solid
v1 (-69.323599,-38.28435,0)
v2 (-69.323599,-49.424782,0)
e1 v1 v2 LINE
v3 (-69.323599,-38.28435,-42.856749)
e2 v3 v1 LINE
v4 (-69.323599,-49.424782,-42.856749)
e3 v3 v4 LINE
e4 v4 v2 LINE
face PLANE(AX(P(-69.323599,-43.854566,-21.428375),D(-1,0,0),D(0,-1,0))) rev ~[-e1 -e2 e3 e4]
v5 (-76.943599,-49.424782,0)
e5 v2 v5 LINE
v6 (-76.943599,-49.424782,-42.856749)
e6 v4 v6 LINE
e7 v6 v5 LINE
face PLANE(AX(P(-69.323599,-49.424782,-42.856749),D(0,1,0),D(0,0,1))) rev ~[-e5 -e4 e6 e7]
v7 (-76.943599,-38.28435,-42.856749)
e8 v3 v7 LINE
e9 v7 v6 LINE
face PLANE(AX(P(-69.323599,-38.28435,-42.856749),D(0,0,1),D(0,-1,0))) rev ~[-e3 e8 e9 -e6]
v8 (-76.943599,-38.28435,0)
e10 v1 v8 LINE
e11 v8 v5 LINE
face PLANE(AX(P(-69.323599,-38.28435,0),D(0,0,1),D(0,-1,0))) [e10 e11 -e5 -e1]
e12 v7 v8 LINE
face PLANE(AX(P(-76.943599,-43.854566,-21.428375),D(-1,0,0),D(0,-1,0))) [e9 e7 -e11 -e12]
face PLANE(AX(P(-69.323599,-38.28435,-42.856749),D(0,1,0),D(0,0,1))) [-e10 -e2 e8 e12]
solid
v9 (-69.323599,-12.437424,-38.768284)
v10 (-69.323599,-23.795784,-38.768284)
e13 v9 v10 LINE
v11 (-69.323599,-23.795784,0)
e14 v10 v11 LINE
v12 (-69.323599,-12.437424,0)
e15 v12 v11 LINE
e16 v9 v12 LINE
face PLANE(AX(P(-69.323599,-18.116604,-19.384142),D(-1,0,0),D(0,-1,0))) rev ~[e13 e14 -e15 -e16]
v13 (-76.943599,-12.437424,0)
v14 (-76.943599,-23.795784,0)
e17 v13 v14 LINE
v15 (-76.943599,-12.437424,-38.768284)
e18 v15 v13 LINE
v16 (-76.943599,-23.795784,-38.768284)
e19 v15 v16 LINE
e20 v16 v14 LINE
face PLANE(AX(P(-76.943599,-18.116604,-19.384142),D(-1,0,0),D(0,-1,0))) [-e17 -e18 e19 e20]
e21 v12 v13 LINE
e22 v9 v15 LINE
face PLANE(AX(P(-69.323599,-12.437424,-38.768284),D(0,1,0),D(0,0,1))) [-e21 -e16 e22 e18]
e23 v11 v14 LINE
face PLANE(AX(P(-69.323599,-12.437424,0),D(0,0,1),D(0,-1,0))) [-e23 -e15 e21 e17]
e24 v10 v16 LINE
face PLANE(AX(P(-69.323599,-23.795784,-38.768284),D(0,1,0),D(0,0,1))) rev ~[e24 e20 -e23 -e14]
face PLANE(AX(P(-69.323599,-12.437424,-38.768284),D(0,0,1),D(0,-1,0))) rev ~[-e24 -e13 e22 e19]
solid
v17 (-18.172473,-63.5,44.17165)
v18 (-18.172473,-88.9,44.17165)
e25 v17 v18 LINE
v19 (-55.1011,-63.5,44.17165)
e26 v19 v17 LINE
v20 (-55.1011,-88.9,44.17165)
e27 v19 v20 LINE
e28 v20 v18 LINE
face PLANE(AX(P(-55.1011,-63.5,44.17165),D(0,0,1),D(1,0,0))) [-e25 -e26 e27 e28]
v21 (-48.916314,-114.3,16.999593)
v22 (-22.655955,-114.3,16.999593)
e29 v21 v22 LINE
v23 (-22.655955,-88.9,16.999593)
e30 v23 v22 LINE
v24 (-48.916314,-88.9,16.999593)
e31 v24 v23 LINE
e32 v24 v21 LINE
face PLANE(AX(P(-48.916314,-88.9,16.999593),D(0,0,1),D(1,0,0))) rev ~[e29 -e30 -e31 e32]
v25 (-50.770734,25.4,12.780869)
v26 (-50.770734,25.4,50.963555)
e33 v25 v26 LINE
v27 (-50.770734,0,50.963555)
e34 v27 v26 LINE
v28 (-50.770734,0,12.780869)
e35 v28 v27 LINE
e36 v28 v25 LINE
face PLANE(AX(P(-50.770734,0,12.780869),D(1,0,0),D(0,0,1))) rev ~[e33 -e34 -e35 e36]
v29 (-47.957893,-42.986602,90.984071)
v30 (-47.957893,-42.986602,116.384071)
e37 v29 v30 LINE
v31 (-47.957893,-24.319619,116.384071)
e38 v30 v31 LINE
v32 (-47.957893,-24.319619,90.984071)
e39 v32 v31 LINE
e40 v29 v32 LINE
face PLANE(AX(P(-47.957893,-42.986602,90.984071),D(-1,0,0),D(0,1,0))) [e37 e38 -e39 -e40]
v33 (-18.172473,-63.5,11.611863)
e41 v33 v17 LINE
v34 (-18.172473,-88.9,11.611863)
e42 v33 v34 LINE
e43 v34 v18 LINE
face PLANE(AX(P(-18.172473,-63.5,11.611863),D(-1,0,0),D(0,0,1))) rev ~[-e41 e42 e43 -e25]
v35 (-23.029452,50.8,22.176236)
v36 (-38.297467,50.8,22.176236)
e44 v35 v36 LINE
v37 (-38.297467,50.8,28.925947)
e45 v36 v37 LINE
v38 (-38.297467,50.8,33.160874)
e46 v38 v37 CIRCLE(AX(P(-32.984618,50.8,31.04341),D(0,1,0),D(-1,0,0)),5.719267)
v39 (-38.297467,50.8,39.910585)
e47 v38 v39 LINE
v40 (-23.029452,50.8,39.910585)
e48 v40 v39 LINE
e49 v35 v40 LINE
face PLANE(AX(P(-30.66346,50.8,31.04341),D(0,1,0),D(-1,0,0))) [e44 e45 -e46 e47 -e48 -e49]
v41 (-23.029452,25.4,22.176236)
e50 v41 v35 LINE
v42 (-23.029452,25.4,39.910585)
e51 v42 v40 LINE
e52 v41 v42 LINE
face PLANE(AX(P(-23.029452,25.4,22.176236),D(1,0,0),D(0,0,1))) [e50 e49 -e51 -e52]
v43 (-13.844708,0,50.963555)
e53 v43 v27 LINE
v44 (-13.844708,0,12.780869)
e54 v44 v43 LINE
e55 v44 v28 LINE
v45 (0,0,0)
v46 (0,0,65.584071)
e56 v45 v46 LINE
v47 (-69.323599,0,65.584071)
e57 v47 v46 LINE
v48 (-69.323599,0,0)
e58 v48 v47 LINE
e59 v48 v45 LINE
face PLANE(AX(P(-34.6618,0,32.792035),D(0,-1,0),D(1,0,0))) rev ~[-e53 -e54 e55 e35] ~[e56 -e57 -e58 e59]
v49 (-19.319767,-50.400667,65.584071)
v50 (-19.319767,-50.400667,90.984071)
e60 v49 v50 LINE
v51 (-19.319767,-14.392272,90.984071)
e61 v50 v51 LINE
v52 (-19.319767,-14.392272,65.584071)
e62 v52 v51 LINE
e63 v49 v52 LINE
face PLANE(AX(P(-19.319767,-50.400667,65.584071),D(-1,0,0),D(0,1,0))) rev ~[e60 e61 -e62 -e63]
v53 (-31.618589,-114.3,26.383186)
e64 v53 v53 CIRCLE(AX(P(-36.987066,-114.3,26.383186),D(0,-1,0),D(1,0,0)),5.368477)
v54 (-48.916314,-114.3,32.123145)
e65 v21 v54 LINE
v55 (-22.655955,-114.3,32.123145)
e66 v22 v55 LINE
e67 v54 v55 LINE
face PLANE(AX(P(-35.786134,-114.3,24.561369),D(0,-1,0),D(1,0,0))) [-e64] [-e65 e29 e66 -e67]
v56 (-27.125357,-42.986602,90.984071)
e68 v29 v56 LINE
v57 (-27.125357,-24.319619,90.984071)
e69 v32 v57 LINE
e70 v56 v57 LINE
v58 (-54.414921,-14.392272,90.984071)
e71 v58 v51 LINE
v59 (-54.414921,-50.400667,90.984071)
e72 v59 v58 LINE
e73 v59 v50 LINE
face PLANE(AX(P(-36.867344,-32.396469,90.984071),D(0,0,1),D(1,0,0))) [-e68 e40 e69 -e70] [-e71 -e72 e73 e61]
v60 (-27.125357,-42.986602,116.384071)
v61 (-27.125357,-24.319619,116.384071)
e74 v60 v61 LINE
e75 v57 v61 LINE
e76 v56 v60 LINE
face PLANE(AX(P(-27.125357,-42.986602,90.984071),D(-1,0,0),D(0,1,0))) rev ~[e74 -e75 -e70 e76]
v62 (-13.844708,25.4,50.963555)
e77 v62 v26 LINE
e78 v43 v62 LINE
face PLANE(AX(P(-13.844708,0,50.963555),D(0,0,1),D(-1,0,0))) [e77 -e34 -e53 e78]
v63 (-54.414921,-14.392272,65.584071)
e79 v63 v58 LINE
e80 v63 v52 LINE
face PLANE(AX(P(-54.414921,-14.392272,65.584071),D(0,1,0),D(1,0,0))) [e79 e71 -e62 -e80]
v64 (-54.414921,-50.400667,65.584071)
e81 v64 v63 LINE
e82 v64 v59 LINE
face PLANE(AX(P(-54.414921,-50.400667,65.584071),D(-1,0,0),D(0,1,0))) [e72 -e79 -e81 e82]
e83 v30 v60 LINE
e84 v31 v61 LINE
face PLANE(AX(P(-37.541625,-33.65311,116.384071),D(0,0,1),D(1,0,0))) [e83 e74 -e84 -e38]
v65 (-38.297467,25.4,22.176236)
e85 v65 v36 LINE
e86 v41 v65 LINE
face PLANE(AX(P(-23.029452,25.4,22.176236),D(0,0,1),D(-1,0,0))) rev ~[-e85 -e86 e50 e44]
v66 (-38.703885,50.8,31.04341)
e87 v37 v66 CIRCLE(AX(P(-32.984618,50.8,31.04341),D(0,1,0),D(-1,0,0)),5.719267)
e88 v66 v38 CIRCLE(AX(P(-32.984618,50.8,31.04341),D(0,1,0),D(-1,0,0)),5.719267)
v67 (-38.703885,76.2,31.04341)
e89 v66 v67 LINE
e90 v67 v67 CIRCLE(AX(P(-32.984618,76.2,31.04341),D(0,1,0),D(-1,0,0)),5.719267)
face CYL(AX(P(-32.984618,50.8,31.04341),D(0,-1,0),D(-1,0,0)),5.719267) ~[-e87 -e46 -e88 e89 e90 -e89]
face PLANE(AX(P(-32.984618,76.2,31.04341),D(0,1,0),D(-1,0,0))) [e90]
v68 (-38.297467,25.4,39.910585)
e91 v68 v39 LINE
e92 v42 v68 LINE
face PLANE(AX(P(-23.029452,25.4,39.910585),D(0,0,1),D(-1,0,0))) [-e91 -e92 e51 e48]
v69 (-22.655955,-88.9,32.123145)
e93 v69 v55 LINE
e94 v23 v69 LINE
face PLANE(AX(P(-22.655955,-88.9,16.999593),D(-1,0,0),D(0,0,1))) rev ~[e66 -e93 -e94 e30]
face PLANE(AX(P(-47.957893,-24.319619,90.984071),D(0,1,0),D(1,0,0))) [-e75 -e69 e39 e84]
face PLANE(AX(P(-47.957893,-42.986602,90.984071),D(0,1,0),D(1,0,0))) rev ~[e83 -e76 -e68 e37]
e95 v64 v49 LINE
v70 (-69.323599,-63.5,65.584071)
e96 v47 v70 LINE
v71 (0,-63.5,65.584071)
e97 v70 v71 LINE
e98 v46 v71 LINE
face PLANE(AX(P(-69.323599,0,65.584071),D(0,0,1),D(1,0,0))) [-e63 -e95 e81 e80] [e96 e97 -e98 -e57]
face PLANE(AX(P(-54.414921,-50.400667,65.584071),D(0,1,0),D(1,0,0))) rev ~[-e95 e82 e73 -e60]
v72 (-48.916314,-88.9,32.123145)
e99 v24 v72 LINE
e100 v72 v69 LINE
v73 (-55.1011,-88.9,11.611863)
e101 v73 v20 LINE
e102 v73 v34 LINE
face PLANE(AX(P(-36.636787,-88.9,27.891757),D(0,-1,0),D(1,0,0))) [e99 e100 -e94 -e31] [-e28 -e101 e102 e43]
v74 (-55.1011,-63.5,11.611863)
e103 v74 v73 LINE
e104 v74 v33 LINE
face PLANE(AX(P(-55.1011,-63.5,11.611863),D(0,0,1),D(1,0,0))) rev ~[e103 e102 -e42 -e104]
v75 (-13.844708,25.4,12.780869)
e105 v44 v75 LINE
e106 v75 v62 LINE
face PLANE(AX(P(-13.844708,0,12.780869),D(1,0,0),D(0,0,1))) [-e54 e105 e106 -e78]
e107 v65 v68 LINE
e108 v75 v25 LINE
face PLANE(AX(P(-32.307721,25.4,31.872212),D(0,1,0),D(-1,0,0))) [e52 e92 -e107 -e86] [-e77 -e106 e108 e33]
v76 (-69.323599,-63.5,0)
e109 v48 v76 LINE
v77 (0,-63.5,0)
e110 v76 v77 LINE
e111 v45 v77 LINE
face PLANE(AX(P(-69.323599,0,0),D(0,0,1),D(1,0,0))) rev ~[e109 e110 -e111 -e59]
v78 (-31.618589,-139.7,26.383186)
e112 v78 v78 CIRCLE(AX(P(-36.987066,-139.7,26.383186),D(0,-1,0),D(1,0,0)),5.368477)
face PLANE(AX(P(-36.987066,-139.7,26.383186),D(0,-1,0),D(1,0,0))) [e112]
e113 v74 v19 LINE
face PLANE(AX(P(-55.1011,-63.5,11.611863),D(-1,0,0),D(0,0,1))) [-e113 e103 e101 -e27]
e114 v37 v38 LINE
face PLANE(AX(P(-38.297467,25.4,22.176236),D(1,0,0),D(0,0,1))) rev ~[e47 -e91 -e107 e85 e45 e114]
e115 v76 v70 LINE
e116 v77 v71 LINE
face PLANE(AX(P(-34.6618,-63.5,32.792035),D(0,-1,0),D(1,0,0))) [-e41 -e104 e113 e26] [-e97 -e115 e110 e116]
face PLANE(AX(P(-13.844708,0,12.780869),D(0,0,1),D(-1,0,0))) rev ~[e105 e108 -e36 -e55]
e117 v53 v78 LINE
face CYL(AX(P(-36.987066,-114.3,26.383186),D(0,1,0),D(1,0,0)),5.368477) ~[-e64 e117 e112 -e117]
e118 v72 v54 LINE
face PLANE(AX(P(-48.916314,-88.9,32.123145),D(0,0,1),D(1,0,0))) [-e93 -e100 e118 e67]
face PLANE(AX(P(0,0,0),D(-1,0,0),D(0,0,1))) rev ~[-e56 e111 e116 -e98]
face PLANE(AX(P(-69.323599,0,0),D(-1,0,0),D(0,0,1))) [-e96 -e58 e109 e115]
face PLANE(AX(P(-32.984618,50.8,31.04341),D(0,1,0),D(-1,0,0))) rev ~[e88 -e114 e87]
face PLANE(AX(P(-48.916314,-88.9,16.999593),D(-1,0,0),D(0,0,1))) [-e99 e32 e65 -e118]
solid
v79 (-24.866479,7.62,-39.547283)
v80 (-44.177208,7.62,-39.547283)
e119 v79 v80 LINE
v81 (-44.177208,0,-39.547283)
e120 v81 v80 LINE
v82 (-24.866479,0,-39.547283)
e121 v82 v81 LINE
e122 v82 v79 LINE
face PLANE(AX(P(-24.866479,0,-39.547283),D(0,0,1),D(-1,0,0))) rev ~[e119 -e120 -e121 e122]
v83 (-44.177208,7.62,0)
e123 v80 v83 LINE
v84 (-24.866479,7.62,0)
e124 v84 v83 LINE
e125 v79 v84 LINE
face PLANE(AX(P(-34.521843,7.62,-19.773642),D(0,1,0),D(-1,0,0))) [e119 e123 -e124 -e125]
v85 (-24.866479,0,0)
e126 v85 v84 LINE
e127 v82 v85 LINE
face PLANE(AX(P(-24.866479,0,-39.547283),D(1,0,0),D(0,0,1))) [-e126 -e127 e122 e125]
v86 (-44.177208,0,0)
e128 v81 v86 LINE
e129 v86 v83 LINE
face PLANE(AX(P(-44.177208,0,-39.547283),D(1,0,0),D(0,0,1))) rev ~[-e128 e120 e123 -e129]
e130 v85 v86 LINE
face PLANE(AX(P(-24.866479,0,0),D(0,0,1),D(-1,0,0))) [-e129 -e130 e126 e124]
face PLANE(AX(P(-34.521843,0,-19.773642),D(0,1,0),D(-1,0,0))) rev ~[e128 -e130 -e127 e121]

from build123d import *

# Parameters (mm, degrees)
F0_W      = 69.3235993385
F0_H      = 65.5840709805
F1_DEPTH  = 63.5
F2_W      = 35.0951533765
F2_H      = 36.0083952546
F3_DEPTH  = 25.4
F4_W      = 20.8325367421
F4_H      = 18.6669826508
F5_DEPTH  = 25.4
F6_W      = 36.92862764
F6_H      = 32.5597869232
F7_DEPTH  = 25.4
F8_W      = 26.2603592128
F8_H      = 15.1235517114
F9_DEPTH  = 25.4
F10_R     = 5.3684769187
F11_DEPTH = 25.4
F12_W     = 36.9260255247
F12_H     = 38.1826851517
F13_DEPTH = 25.4
F14_W     = 15.2680147439
F14_H     = 17.734348774
F15_DEPTH = 25.4
F16_R     = 5.7192669118
F17_DEPTH = 25.4
F18_W     = 11.3583598286
F18_H     = 38.7682840228
F19_DEPTH = 7.62
F20_W     = 11.1404322088
F20_H     = 42.8567491472
F21_DEPTH = 7.62
F22_W     = 19.3107295781
F22_H     = 39.5472832024
F23_DEPTH = 7.62


with BuildPart() as f1:
    # F0 (on Front) → F1 (new body)
    with BuildSketch(Plane.XZ):
        with Locations((-34.6617996693, 32.7920354903)):
            Rectangle(F0_W, F0_H)
    extrude(amount=F1_DEPTH)

    # F2 (on face) → F3 (join)
    with BuildSketch(Plane.XY.offset(65.5840709805)):
        with Locations((-36.8673438206, -32.3964692652)):
            Rectangle(F2_W, F2_H)
    extrude(amount=F3_DEPTH)

    # F4 (on face) → F5 (join)
    with BuildSketch(Plane.XY.offset(90.9840709805)):
        with Locations((-37.5416250899, -33.6531102657)):
            Rectangle(F4_W, F4_H)
    extrude(amount=F5_DEPTH)

    # F6 (on face) → F7 (join)
    with BuildSketch(Plane.XZ.offset(63.5)):
        with Locations((-36.6367865354, 27.891756501)):
            Rectangle(F6_W, F6_H)
    extrude(amount=F7_DEPTH)

    # F8 (on face) → F9 (join)
    with BuildSketch(Plane.XZ.offset(88.9)):
        with Locations((-35.7861341909, 24.5613688603)):
            Rectangle(F8_W, F8_H)
    extrude(amount=F9_DEPTH)

    # F10 (on face) → F11 (join)
    with BuildSketch(Plane.XZ.offset(114.3)):
        with Locations((-36.9870662689, 26.3831857592)):
            Circle(F10_R)
    extrude(amount=F11_DEPTH)

    # F12 (on face) → F13 (join)
    with BuildSketch(Plane(origin=(0, 0, 0), x_dir=(-1, 0, 0), z_dir=(0, 1, 0))):
        with Locations((32.3077207431, 31.8722119555)):
            Rectangle(F12_W, F12_H)
    extrude(amount=F13_DEPTH)

    # F14 (on face) → F15 (join)
    with BuildSketch(Plane(origin=(0, 25.4, 0), x_dir=(-1, 0, 0), z_dir=(0, 1, 0))):
        with Locations((30.6634595618, 31.0434103012)):
            Rectangle(F14_W, F14_H)
    extrude(amount=F15_DEPTH)

    # F16 (on face) → F17 (join)
    with BuildSketch(Plane(origin=(0, 50.8, 0), x_dir=(-1, 0, 0), z_dir=(0, 1, 0))):
        with Locations((32.9846180975, 31.0434103012)):
            Circle(F16_R)
    extrude(amount=F17_DEPTH)


with BuildPart() as f19:
    # F18 (on face) → F19 (new body)
    with BuildSketch(Plane(origin=(-69.3235993385, 0, 0), x_dir=(0, -1, 0), z_dir=(-1, 0, 0))):
        with Locations((18.1166036054, -19.3841420114)):
            Rectangle(F18_W, F18_H)
    extrude(amount=F19_DEPTH)


with BuildPart() as f21:
    # F20 (on face) → F21 (new body)
    with BuildSketch(Plane(origin=(-69.3235993385, 0, 0), x_dir=(0, -1, 0), z_dir=(-1, 0, 0))):
        with Locations((43.854566291, -21.4283745736)):
            Rectangle(F20_W, F20_H)
    extrude(amount=F21_DEPTH)


with BuildPart() as f23:
    # F22 (on face) → F23 (new body)
    with BuildSketch(Plane(origin=(0, 0, 0), x_dir=(-1, 0, 0), z_dir=(0, 1, 0))):
        with Locations((34.5218433067, -19.7736416012)):
            Rectangle(F22_W, F22_H)
    extrude(amount=F23_DEPTH)


solid = Compound([f1.part, f19.part, f21.part, f23.part])
